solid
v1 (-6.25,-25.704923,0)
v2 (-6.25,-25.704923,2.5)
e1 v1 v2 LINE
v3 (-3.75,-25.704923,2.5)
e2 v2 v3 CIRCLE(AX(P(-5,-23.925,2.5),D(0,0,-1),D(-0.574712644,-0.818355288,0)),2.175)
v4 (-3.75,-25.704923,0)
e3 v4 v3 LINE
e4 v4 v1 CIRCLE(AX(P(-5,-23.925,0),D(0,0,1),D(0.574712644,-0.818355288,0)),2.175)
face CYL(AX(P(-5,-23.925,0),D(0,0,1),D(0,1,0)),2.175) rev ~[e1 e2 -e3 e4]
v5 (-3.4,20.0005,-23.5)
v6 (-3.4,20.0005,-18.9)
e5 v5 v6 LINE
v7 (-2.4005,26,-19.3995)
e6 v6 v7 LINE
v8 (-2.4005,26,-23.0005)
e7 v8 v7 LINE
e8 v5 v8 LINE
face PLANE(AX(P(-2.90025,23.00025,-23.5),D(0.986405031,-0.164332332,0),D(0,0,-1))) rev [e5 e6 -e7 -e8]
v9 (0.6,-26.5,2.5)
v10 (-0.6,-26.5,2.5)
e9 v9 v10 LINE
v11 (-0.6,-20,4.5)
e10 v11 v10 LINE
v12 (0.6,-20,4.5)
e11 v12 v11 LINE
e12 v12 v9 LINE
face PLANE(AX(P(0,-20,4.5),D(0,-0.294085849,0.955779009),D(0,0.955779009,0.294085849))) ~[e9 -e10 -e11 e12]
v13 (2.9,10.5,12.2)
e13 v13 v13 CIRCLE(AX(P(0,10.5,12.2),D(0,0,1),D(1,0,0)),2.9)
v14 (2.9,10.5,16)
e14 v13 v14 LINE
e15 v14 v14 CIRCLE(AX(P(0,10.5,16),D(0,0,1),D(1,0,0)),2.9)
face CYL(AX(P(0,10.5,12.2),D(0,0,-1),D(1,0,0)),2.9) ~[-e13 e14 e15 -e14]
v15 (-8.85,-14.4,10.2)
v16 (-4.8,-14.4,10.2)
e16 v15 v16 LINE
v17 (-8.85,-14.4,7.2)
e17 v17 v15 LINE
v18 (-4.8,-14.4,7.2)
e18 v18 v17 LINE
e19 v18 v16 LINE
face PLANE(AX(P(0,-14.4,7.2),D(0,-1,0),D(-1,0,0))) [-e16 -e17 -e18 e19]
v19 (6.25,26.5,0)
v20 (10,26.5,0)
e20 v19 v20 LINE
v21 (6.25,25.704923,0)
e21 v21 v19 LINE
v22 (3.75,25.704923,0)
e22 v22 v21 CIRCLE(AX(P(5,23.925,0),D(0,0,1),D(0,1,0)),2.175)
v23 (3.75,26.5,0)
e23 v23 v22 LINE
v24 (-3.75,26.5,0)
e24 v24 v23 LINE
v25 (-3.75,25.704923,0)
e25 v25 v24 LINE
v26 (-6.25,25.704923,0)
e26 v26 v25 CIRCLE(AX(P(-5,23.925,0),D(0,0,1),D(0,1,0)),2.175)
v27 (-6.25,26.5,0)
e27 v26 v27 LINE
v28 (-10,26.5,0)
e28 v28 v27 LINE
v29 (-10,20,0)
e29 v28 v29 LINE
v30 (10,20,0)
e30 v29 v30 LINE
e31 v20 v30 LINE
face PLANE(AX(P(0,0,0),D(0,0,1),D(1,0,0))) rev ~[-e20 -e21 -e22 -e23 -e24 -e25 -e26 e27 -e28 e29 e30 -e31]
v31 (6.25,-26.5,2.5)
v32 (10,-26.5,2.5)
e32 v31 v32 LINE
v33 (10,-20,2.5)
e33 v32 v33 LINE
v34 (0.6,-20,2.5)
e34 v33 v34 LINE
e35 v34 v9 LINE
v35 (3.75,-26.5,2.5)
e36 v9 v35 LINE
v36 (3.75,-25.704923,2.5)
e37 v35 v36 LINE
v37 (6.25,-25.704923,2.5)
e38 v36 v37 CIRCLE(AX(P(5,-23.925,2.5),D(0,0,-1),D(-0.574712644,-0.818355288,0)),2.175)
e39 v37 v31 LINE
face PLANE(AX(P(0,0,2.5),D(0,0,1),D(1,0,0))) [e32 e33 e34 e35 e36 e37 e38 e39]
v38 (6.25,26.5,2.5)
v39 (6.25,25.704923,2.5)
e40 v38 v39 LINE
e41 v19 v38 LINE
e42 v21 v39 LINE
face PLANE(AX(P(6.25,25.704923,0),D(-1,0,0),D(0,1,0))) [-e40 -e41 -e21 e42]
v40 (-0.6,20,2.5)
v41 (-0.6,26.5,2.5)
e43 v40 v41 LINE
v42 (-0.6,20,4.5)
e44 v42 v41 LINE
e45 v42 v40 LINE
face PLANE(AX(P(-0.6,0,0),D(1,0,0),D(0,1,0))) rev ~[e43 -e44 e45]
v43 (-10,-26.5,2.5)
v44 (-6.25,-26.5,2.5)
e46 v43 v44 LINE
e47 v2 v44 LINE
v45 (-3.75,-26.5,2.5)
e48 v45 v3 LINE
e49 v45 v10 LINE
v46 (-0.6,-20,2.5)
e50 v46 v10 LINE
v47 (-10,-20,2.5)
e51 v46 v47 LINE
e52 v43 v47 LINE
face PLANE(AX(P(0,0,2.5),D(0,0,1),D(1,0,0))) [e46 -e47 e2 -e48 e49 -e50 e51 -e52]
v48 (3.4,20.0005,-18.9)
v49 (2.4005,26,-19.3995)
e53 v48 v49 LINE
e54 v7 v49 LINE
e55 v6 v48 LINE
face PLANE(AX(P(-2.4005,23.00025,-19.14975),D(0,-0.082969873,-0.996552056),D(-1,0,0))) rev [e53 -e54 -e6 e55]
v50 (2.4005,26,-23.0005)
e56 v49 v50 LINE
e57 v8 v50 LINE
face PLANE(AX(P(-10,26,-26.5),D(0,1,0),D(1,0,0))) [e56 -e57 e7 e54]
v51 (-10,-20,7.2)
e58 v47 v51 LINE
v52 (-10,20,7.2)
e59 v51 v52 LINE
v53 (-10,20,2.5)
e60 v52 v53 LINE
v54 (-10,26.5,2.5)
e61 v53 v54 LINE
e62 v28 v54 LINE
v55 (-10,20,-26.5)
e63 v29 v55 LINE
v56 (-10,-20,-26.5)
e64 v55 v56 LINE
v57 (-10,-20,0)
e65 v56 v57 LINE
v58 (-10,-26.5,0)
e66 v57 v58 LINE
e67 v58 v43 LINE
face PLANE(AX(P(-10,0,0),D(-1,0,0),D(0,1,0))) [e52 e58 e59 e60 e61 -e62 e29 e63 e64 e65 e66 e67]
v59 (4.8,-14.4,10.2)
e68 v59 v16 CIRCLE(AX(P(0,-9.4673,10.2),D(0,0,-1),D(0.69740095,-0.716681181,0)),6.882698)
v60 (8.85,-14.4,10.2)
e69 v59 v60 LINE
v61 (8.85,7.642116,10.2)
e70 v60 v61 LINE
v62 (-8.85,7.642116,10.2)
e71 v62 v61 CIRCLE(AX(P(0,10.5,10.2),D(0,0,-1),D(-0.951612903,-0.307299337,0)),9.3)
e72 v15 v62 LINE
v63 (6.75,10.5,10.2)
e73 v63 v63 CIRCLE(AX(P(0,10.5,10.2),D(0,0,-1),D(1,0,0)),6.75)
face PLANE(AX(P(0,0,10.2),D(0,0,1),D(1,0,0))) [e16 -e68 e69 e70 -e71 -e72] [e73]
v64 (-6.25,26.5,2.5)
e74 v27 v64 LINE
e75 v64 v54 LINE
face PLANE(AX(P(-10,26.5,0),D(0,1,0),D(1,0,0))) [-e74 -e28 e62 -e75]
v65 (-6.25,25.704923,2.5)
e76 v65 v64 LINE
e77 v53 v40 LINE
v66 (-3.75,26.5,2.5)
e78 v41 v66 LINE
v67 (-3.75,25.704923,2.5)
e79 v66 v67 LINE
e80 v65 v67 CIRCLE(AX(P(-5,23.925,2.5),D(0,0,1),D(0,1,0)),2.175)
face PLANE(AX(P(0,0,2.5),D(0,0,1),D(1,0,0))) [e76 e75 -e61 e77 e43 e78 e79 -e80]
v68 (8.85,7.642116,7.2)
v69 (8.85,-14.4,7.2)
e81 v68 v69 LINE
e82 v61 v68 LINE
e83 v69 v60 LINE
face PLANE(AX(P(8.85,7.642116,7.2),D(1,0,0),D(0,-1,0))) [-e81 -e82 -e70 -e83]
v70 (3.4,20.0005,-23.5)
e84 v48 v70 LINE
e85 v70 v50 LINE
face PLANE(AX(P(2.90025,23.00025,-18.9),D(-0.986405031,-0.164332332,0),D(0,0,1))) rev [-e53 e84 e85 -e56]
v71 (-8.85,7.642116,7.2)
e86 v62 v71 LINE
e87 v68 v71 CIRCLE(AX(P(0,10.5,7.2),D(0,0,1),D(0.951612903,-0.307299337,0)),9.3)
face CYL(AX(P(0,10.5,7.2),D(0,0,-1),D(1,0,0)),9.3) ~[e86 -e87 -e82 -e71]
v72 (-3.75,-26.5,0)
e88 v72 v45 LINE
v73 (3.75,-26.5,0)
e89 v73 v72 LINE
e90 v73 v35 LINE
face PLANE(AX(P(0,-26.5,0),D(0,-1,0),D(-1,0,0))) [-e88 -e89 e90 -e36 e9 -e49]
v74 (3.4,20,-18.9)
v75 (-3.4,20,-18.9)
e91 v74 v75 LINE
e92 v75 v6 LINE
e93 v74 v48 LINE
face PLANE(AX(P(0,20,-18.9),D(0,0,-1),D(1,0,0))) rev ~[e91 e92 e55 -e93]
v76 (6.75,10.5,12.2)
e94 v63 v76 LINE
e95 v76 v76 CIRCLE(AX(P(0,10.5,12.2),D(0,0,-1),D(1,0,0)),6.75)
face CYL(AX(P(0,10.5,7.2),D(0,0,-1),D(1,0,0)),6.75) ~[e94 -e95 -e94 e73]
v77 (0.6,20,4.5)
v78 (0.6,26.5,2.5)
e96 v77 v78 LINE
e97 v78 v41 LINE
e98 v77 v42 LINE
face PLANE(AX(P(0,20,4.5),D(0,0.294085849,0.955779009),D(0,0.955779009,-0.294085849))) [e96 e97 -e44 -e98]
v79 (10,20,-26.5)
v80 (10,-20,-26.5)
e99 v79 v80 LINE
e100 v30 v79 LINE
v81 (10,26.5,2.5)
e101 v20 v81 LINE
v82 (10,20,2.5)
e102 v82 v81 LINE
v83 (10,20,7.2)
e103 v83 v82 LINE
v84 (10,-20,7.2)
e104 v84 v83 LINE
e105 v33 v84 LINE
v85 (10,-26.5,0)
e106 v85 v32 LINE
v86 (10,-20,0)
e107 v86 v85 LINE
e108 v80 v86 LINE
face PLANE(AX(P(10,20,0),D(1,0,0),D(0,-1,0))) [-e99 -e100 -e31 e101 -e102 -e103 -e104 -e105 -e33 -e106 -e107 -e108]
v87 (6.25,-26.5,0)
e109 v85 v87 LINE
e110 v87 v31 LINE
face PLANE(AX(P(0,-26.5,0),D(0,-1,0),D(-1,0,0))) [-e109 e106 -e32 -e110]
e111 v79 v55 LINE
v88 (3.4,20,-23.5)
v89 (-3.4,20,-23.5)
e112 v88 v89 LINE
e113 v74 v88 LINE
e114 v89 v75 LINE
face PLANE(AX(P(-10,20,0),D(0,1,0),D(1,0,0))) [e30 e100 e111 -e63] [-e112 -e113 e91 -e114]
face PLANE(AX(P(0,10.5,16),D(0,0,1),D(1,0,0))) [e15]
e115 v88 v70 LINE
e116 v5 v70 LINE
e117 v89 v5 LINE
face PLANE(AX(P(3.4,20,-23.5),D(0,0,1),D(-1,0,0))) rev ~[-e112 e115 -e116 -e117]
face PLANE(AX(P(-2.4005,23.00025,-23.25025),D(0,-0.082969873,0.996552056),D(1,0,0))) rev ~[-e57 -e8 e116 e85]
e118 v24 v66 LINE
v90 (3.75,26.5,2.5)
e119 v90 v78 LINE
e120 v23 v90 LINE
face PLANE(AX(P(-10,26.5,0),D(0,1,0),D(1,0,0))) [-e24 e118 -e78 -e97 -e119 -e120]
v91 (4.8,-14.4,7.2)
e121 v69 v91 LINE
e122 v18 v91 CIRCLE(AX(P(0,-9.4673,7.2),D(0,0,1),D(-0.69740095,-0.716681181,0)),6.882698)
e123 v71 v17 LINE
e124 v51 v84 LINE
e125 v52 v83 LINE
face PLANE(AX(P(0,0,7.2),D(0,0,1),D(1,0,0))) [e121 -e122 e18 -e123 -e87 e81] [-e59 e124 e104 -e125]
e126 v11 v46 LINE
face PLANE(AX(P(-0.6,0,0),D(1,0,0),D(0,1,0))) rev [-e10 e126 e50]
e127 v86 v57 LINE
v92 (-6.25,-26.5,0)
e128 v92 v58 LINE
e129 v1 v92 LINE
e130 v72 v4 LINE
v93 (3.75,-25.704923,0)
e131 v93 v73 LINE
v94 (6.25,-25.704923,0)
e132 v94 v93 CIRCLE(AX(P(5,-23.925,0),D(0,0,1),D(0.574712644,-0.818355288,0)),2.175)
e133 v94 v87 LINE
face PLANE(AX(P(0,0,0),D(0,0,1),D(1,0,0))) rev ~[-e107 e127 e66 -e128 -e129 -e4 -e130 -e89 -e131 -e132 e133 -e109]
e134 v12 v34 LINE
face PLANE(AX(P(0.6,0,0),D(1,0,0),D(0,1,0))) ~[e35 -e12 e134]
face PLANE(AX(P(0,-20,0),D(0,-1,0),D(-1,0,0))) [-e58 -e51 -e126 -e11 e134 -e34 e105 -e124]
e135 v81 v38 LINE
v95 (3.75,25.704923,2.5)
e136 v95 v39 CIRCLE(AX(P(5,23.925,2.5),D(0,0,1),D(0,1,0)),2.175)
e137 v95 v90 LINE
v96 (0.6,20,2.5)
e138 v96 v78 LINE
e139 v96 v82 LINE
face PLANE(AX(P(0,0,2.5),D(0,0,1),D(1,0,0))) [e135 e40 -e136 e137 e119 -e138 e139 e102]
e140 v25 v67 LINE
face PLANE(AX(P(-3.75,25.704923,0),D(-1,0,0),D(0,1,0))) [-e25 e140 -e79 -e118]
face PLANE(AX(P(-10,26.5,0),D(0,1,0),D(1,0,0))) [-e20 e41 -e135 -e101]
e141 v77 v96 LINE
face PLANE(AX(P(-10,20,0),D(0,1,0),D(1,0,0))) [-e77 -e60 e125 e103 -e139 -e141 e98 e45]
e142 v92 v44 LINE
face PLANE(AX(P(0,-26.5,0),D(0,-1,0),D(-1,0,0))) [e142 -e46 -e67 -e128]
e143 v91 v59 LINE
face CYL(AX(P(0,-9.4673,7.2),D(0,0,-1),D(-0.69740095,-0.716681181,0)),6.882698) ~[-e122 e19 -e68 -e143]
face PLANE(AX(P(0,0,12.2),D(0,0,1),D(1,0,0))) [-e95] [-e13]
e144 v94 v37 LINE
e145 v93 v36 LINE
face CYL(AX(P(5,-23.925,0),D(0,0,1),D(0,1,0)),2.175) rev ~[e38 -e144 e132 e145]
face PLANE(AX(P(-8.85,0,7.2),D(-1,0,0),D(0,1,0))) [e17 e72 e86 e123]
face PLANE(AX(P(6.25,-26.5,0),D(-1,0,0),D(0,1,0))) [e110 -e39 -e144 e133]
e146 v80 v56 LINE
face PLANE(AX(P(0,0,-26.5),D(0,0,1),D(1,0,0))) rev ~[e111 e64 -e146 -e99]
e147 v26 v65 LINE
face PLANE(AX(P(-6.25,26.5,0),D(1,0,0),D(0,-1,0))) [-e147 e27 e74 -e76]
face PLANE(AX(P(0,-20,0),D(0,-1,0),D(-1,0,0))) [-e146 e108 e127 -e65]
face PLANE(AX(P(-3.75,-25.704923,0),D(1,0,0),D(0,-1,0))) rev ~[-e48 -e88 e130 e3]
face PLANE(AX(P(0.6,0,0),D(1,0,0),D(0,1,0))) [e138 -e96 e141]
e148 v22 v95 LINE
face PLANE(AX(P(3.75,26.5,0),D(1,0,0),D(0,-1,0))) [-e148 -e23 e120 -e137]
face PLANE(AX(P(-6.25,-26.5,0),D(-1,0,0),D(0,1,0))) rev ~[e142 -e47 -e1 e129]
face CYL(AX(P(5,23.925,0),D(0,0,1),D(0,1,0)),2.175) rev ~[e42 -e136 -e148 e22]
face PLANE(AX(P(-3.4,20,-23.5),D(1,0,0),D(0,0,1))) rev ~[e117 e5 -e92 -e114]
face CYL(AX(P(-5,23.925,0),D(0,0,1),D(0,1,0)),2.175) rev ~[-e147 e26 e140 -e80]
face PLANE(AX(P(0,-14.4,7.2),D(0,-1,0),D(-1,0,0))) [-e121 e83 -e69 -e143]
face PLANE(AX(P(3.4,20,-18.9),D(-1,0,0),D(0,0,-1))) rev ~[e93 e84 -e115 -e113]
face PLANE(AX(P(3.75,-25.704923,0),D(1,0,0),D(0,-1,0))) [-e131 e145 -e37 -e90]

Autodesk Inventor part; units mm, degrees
ref_plane "YZ Plane" through (0, 0, 0) normal (1, 0, 0) x (0, 1, 0)
ref_plane "XZ Plane" through (0, 0, 0) normal (0, 1, 0) x (-1, 0, 0)
ref_plane "XY Plane" through (0, 0, 0) normal (0, 0, 1) x (1, 0, 0)
sketch "Sketch1" plane through (0, 0, 0) normal (0, 0, 1) x (1, 0, 0)
  line L0 (-14, 0) -> (14, 0) projected
  line L1 (0, 28) -> (0, -28) projected
  line L2 (-10, 20) -> (10, 20)
  line L3 (10, 20) -> (10, -20)
  line L4 (10, -20) -> (-10, -20)
  line L5 (-10, -20) -> (-10, 20)
  point P0 (0, 0)
  dimension "d0" = 20
  dimension "d1" = 40
extrude "Extrusion1" add sketch "Sketch1" along normal blind 7.2 and the other way blind 26.5
sketch "Sketch2" plane through (0, 0, 0) normal (0, 0, 1) x (1, 0, 0)
  line L0 (-14, 0) -> (14, 0) projected
  line L1 (0, 28) -> (0, -28) projected
  line L2 (-10, 20) -> (-10, -20) projected
  line L3 (10, -20) -> (10, 20) projected
  line L4 (-10, 26.5) -> (10, 26.5)
  line L5 (10, 26.5) -> (10, -26.5)
  line L6 (10, -26.5) -> (-10, -26.5)
  line L7 (-10, -26.5) -> (-10, 26.5)
  point P0 (0, 0)
  dimension "d6" = 53
extrude "Extrusion2" add sketch "Sketch2" along normal blind 2.5
sketch "Sketch3" plane through (0, 0, 0) normal (0, 0, 1) x (1, 0, 0)
  line L0 (0, 37.1) -> (0, -37.1) projected
  line L1 (-14, 0) -> (14, 0) projected
  line L2 (-5, 23.925) -> (5, 23.925) construction
  line L3 (5, 23.925) -> (5, -23.925) construction
  line L4 (5, -23.925) -> (-5, -23.925) construction
  line L5 (-5, -23.925) -> (-5, 23.925) construction
  point P0 (0, 0)
  dimension "d9" = 47.85
  dimension "d10" = 10
hole "Hole1" at (5, 23.925, 0) at (-5, 23.925, 0) at (-5, -23.925, 0) at (5, -23.925, 0) direction (0, 0, 1) diameter 4.35 depth 8 tip angle 118
sketch "Sketch4" plane through (0, 0, 0) normal (0, 0, 1) x (1, 0, 0)
  line L0 (-14, 0) -> (14, 0) projected
  line L1 (0, 37.1) -> (0, -37.1) projected
  line L2 (10, 26.5) -> (-10, 26.5) projected
  line L3 (-10, -26.5) -> (10, -26.5) projected
  circle A0 centre (-5, 23.925) radius 2.175 projected
  circle A1 centre (5, 23.925) radius 2.175 projected
  circle A2 centre (-5, -23.925) radius 2.175 projected
  circle A3 centre (5, -23.925) radius 2.175 projected
  line L4 (-6.25, -23.925) -> (-3.75, -23.925)
  line L5 (-3.75, -23.925) -> (-3.75, -26.5)
  line L6 (-3.75, -26.5) -> (-6.25, -26.5)
  line L7 (-6.25, -26.5) -> (-6.25, -23.925)
  line L8 (6.25, -23.925) -> (3.75, -23.925)
  line L9 (3.75, -23.925) -> (3.75, -26.5)
  line L10 (3.75, -26.5) -> (6.25, -26.5)
  line L11 (6.25, -26.5) -> (6.25, -23.925)
  line L12 (-10, 26.5) -> (10, 26.5) projected
  line L13 (6.25, 26.5) -> (3.75, 26.5)
  line L14 (3.75, 26.5) -> (3.75, 23.925)
  line L15 (3.75, 23.925) -> (6.25, 23.925)
  line L16 (6.25, 23.925) -> (6.25, 26.5)
  line L17 (-3.75, 26.5) -> (-6.25, 26.5)
  line L18 (-6.25, 26.5) -> (-6.25, 23.925)
  line L19 (-6.25, 23.925) -> (-3.75, 23.925)
  line L20 (-3.75, 23.925) -> (-3.75, 26.5)
  point P0 (0, 0)
  dimension "d18" = 2.5
  dimension "d19" = 2.5
  dimension "d20" = 2.5
  dimension "d21" = 2.5
extrude "Extrusion3" cut sketch "Sketch4" along normal through all contours L9 A3 L11 L3 | L3 L7 A2 L5 | L2 L16 A1 L14 | L20 A0 L18 L2 | A1 L16 L15 L14 | L20 L19 L18 A0 | A2 L7 L4 L5 | L9 L8 L11 A3 picked at (4.9114, 24.6446) picked at (-5.0886, 24.6446) picked at (-5.0886, -24.6446) picked at (4.9114, -24.6446)
sketch "Sketch5" plane through (0, 0, 0) normal (1, 0, 0) x (0, 1, 0)
  line L0 (20, 2.5) -> (26.5, 2.5) projected
  line L1 (20, 7.2) -> (20, 2.5) projected
  line L2 (26.5, 2.5) -> (20, 2.5)
  line L3 (20, 2.5) -> (20, 4.5)
  line L4 (20, 4.5) -> (26.5, 2.5)
  point P0 (0, 0)
  dimension "d24" = 2
extrude "Extrusion4" add sketch "Sketch5" along normal mid plane 1.2
mirror "Mirror1" about plane through (0, 0, 0) normal (0, 1, 0) of "Extrusion4"
sketch "Sketch6" plane through (0, 0, 7.2) normal (0, 0, 1) x (1, 0, 0)
  line L0 (0, 37.1) -> (0, -37.1) projected
  line L1 (-14, 0) -> (14, 0) projected
  circle A0 centre (0, 10.5) radius 6.75
  line L2 (-10, -20) -> (10, -20) projected
  point P0 (0, 0)
  dimension "d27" = 30.5
  dimension "d28" = 13.5
extrude "Extrusion5" add sketch "Sketch6" along normal blind 5
sketch "Sketch7" plane through (0, 0, 7.2) normal (0, 0, 1) x (1, 0, 0)
  circle A0 centre (0, 10.5) radius 6.75 projected
  circle A1 centre (0, 10.5) radius 9.3
  point P0 (0, 0)
  dimension "d31" = 18.6
extrude "Extrusion6" add sketch "Sketch7" along normal blind 3
sketch "Sketch8" plane through (0, 0, 7.2) normal (0, 0, 1) x (1, 0, 0)
  line L0 (-14, 0) -> (14, 0) projected
  line L1 (0, 37.1) -> (0, -37.1) projected
  circle A0 centre (0, 10.5) radius 9.3 projected
  line L2 (-8.85, 10.5) -> (8.85, 10.5)
  line L3 (8.85, 10.5) -> (8.85, -14.4)
  line L4 (8.85, -14.4) -> (-8.85, -14.4)
  line L5 (-8.85, -14.4) -> (-8.85, 10.5)
  line L6 (10, 20) -> (-10, 20) projected
  point P0 (0, 0)
  dimension "d34" = 17.7
  dimension "d35" = 34.4
extrude "Extrusion7" add sketch "Sketch8" along normal blind 3 contours L5 A0 L1 L0 | L0 L1 L4 L5 | L1 A0 L3 L0 | L0 L3 L4 L1 | L5 L2 L1 A0 | L1 L2 L3 A0 picked at (-5.9, 9.5474) picked at (5.9, 9.5474)
sketch "Sketch9" plane through (0, 0, 7.2) normal (0, 0, 1) x (1, 0, 0)
  line L0 (0, 37.1) -> (0, -37.1) projected
  line L1 (10, 20) -> (-10, 20) projected
  line L2 (-8.85, -14.4) -> (8.85, -14.4) projected
  arc A0 (-4.8, -14.4) -> (4.8, -14.4) centre (0, -9.4673) ccw
  point P0 (0, 0)
  dimension "d38" = 9.6
  dimension "d39" = 36.35
extrude "Extrusion8" add sketch "Sketch9" along normal blind 3
sketch "Sketch10" plane through (-10, 20, -26.5) normal (0, 1, 0) x (1, 0, 0)
  line L0 (0, 0) -> (20, 0) projected
  line L1 (10, 7.74) -> (10, -46.44) projected
  line L2 (0, -26.5) -> (20, -26.5) projected
  line L3 (20, -26.5) -> (20, 0) projected
  line L4 (0, 0) -> (20, 0) projected
  line L5 (0, 0) -> (0, -26.5) projected
  line L6 (6.6, -7.6) -> (13.4, -7.6)
  line L7 (13.4, -7.6) -> (13.4, -3)
  line L8 (13.4, -3) -> (6.6, -3)
  line L9 (6.6, -3) -> (6.6, -7.6)
  point P0 (10, -26.5)
  dimension "d42" = 3
  dimension "d43" = 4.6
  dimension "d44" = 6.8
extrude "Extrusion9" add sketch "Sketch10" along normal blind 6 contours L8 L7 L6 L1 | L1 L6 L9 L8
chamfer "Chamfer1" distance 6 distance2 1 1 edges at (3.4, 26, -21.2) measured on face at (3.4, 22, -20.4333)
chamfer "Chamfer2" distance 6 distance2 1 1 edges at (-3.4, 26, -21.2) measured on face at (-3.4, 22, -21.9667)
chamfer "Chamfer3" distance 6 distance2 0.5 1 edges at (0, 26, -18.9) measured on face at (0.8002, 22.0003, -18.9)
chamfer "Chamfer4" distance 6 distance2 0.5 1 edges at (0, 26, -23.5) measured on face at (0.8002, 22.0003, -23.5)
sketch "Sketch11" plane through (0, 10.5, 12.2) normal (0, 0, 1) x (1, 0, 0)
  circle A0 centre (0, 0) radius 6.75 projected
  circle A1 centre (0, 0) radius 2.9
  point P0 (0, -10.5)
  dimension "d59" = 5.8
extrude "Extrusion10" add sketch "Sketch11" along normal blind 3.8 contours A1
equation "\"d19\" = d18"
equation "\"d20\" = d18"
equation "\"d21\" = d18"
properties part number "servo motor HS-7955TG"
